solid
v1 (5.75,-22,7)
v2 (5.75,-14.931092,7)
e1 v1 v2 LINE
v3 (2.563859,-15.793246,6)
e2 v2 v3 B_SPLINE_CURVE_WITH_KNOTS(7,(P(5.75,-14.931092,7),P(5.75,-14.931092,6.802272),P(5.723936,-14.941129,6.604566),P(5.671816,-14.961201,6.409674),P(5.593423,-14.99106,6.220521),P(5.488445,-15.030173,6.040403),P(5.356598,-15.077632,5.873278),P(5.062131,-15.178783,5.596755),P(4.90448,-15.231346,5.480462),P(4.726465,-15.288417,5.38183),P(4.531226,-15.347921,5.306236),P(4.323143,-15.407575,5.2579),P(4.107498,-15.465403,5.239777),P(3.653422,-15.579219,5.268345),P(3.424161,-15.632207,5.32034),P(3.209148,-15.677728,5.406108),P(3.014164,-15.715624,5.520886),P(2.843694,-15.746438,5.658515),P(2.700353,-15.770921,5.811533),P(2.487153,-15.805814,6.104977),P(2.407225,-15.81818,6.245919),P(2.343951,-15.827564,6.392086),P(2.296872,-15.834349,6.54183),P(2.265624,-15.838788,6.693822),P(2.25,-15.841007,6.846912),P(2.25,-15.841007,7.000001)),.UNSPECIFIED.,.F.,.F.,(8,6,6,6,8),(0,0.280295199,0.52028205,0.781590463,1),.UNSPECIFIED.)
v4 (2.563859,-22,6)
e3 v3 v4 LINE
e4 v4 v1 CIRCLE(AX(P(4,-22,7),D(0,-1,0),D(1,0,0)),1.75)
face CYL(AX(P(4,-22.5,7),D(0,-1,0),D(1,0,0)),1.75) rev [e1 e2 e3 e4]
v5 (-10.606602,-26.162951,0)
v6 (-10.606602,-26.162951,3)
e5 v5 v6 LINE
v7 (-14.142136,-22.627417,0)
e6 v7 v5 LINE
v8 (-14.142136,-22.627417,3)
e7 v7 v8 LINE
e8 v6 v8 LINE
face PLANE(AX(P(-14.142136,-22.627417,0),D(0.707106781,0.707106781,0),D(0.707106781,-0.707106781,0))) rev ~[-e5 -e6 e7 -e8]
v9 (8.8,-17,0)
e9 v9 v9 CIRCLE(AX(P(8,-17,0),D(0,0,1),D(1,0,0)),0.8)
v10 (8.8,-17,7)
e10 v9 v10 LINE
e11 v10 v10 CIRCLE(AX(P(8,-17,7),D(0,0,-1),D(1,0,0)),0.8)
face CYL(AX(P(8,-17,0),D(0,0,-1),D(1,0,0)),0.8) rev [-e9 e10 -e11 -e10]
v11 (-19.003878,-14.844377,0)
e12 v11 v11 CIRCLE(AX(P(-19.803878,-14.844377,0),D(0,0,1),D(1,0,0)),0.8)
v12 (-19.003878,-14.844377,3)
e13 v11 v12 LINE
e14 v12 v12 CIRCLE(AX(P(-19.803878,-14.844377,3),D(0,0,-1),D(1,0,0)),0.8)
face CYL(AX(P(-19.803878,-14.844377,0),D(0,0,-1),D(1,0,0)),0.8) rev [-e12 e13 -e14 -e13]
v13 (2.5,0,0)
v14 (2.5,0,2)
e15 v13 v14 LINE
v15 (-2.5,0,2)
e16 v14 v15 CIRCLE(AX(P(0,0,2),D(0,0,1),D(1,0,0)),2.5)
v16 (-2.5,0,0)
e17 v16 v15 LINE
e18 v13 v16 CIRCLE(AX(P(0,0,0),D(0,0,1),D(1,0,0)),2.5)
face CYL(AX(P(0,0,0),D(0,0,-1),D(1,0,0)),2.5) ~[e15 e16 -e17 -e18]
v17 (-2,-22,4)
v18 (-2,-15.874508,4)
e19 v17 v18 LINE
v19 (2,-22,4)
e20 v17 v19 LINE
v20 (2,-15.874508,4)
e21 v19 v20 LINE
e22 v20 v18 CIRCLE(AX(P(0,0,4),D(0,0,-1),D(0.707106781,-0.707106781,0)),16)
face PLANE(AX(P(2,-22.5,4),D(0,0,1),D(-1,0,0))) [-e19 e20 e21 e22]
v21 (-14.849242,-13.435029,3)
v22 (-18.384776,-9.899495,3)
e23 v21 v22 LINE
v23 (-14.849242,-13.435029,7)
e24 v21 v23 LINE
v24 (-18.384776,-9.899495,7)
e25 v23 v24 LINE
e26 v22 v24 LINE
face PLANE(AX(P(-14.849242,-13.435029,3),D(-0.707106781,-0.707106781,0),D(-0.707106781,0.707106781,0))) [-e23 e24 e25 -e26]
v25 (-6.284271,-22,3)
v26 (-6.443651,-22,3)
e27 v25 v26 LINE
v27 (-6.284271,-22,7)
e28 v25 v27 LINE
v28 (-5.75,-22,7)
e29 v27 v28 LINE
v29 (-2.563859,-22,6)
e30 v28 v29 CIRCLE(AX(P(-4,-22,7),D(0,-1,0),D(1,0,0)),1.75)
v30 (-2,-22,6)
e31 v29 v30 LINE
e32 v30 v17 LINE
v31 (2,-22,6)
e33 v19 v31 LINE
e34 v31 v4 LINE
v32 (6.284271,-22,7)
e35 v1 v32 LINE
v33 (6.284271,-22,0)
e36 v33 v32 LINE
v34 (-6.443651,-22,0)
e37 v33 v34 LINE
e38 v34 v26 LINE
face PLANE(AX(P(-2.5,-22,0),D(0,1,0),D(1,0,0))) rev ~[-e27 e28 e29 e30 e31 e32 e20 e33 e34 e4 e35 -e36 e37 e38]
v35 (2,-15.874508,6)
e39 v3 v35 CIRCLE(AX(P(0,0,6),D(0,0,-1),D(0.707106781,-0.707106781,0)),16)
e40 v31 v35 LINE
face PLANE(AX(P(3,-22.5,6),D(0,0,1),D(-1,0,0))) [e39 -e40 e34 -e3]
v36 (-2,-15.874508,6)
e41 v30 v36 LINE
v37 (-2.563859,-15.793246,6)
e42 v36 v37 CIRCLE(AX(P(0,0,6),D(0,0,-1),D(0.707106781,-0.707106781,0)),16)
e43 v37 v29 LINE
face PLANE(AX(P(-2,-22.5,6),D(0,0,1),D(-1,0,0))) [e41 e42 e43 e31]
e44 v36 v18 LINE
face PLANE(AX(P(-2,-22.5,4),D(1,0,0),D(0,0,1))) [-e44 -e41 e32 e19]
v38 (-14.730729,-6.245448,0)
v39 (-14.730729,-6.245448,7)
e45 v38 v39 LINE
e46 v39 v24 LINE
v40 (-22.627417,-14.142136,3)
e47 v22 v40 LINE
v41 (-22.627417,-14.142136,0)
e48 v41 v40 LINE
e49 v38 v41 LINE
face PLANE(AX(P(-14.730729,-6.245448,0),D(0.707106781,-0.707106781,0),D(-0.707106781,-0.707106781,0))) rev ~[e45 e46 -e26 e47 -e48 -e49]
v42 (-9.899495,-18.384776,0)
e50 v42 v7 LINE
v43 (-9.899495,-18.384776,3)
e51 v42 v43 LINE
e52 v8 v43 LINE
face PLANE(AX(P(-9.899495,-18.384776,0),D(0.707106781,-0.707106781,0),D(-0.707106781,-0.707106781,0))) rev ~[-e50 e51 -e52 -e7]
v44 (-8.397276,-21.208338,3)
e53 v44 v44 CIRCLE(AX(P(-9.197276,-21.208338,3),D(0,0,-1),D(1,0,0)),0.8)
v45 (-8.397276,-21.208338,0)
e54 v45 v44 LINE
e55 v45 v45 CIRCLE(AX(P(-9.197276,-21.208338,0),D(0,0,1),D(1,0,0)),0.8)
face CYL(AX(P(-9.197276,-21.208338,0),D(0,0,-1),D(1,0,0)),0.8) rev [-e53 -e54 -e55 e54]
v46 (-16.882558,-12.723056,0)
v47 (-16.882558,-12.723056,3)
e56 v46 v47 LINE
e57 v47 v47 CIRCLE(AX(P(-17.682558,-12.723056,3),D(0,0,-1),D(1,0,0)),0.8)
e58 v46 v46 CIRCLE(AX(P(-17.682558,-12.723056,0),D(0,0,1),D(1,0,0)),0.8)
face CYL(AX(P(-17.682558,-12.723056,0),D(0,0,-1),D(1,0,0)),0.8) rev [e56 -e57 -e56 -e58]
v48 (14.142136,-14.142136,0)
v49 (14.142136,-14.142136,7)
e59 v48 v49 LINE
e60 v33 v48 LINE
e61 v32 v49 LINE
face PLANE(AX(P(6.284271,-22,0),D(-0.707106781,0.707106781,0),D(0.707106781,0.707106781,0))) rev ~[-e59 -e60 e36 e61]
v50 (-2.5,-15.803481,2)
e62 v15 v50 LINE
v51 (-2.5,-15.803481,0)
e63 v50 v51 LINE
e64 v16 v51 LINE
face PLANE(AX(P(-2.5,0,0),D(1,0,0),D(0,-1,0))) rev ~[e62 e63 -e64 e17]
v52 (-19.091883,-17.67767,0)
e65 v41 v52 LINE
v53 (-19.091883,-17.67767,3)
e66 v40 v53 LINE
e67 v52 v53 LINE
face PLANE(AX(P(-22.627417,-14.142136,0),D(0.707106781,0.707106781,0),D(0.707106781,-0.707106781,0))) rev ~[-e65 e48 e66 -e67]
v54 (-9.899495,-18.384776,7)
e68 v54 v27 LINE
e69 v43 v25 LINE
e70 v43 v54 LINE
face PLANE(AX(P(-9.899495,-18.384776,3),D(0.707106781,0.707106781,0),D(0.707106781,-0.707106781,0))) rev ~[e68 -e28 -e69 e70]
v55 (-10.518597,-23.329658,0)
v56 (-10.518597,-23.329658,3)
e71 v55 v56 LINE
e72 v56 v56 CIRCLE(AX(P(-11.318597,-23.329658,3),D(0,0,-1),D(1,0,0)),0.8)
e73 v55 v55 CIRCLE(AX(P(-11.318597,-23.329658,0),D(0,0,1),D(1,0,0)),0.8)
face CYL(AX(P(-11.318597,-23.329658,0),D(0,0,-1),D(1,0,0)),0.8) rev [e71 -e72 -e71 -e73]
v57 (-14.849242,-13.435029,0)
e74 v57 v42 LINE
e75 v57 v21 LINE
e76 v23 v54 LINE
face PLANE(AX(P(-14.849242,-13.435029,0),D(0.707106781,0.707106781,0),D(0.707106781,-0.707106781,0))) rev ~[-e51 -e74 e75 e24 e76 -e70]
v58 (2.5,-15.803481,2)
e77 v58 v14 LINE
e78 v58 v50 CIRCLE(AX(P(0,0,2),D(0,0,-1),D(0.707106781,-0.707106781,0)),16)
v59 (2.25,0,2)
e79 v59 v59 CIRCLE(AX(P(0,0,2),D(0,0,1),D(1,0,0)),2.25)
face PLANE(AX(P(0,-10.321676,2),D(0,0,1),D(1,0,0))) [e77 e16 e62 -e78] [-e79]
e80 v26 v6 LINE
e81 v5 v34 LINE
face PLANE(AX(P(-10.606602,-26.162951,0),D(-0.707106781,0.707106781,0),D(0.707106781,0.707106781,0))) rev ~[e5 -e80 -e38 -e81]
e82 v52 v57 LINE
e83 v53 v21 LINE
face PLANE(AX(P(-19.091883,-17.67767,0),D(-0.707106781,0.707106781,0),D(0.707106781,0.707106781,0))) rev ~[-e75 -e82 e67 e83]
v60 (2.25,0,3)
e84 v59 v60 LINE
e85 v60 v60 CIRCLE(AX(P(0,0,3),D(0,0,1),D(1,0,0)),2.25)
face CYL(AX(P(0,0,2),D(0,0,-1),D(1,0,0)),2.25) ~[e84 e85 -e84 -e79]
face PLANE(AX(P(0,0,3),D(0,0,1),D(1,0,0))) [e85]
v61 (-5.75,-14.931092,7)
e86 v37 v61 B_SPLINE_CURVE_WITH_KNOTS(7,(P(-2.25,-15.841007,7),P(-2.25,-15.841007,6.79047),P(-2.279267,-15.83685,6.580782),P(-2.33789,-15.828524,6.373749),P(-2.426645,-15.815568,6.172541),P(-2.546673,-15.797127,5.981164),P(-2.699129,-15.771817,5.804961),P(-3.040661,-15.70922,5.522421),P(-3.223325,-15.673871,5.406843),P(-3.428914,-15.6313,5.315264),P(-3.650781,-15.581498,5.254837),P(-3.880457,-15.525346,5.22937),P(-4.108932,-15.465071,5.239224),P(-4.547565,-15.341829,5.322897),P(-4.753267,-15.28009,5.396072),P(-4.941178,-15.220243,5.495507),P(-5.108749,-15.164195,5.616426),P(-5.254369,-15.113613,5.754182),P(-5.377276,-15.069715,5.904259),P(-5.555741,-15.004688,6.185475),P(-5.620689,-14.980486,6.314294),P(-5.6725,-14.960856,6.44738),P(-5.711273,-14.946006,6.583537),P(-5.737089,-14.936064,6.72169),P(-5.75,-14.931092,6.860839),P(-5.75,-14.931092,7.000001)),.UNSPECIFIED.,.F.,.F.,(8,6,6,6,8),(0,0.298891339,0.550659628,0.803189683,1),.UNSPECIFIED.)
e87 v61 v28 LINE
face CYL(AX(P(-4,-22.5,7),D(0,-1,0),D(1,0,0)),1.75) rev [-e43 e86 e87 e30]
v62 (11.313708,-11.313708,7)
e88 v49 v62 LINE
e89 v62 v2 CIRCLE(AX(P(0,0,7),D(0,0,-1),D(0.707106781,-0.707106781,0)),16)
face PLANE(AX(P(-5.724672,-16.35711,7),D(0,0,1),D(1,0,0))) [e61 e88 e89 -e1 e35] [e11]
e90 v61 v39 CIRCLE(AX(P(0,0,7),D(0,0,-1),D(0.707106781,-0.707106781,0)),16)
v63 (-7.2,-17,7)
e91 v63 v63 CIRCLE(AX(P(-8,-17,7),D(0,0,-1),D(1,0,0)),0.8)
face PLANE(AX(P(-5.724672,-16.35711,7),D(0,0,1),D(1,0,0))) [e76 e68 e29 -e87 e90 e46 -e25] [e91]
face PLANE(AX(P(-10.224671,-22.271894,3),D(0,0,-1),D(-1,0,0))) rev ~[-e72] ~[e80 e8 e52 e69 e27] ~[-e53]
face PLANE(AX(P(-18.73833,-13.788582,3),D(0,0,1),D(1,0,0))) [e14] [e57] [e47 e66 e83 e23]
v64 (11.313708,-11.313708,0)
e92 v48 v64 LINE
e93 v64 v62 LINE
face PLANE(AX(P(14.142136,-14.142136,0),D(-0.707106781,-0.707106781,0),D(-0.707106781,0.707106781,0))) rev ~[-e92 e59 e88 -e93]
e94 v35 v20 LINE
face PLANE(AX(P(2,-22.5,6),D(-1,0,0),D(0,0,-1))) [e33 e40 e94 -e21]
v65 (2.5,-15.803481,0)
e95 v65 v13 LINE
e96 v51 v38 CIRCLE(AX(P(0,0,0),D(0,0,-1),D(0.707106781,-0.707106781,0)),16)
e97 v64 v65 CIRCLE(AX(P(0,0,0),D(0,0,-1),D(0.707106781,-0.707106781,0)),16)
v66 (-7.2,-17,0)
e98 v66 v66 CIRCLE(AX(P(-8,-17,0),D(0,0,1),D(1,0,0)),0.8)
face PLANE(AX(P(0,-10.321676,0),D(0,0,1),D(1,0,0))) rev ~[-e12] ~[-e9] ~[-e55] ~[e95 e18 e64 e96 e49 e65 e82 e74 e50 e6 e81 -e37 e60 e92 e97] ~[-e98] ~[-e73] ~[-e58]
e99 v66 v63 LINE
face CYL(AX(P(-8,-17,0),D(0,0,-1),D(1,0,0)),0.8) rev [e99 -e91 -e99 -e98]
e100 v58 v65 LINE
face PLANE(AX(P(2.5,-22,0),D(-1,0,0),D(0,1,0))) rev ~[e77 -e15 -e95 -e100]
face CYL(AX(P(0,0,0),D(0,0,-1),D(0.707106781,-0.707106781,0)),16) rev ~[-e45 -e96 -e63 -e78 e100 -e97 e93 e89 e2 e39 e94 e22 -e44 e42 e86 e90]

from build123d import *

# Parameters (mm, degrees)
BOSS_EXTRUDE1_DEPTH = 7
BOSS_EXTRUDE2_DEPTH = 2
BOSS_EXTRUDE3_START = 2
SKETCH3_R           = 2.25
BOSS_EXTRUDE3_DEPTH = 1
CABLE_START         = -22.5
SKETCH6_R           = 1.75
CABLE_TUBES_DEPTH   = 20
WIRE_START          = -22.5
WIRE_CANALS_DEPTH   = 8
SKETCH4_R           = 0.8
SCREW_HOLES_DEPTH   = 8.0000001
CUT_EXTRUDE2_START  = 3
CUT_EXTRUDE2_DEPTH  = 4


with BuildPart() as part:
    # Sketch1 → Boss-Extrude1 (new body)
    with BuildSketch(Plane.XY):
        with BuildLine():
            Line((14.142135624, -14.142135624), (11.313708499, -11.313708499))
            ThreePointArc((11.313708499, -11.313708499), (-3.056276198, -15.70538684), (-14.730729168, -6.245447796))
            Line((-14.730729168, -6.245447796), (-22.627416999, -14.142135627))
            Line((-22.627416999, -14.142135627), (-19.091883095, -17.677669532))
            Line((-19.091883095, -17.677669532), (-14.849242408, -13.435028845))
            Line((-14.849242408, -13.435028845), (-9.899494939, -18.384776313))
            Line((-9.899494939, -18.384776313), (-14.142135626, -22.627417))
            Line((-14.142135626, -22.627417), (-10.60660172, -26.162950906))
            Line((-10.60660172, -26.162950906), (-6.443650814, -22))
            Line((-6.443650814, -22), (6.284271247, -22))
            Line((6.284271247, -22), (14.142135624, -14.142135624))
        make_face()
    extrude(amount=BOSS_EXTRUDE1_DEPTH)

    # Sketch2 → Boss-Extrude2 (add)
    with BuildSketch(Plane.XY):
        with BuildLine():
            Line((-2.5, 0), (-2.5, -22))
            Line((-2.5, -22), (2.5, -22))
            Line((2.5, -22), (2.5, 0))
            ThreePointArc((2.5, 0), (0, 2.5), (-2.5, 0))
        make_face()
    extrude(amount=BOSS_EXTRUDE2_DEPTH)

    # Sketch3 → Boss-Extrude3 (add)
    with BuildSketch(Plane.XY.offset(BOSS_EXTRUDE3_START)):
        Circle(SKETCH3_R)
    extrude(amount=BOSS_EXTRUDE3_DEPTH)

    # Sketch6 → Cable Tubes (cut)
    with BuildSketch(Plane(origin=(0, 0, 0), x_dir=(1, 0, 0), z_dir=(0, 1, 0)).offset(CABLE_START)):
        with Locations((-4, -7)):
            Circle(SKETCH6_R)
        with Locations((4, -7)):
            Circle(SKETCH6_R)
    extrude(amount=CABLE_TUBES_DEPTH, mode=Mode.SUBTRACT)

    # Sketch7 → Wire Canals (cut)
    with BuildSketch(Plane(origin=(0, 0, 0), x_dir=(1, 0, 0), z_dir=(0, 1, 0)).offset(WIRE_START)):
        Polygon((-3, -7), (3, -7), (3, -6), (2, -6), (2, -4), (-2, -4), (-2, -6), (-3, -6), align=None)
    extrude(amount=WIRE_CANALS_DEPTH, mode=Mode.SUBTRACT)

    # Sketch4 → Screw Holes (cut, through all)
    with BuildSketch(Plane.XY):
        with Locations((-11.318596704, -23.329658004)):
            Circle(SKETCH4_R)
        with Locations((-17.682557735, -12.723056286)):
            Circle(SKETCH4_R)
        with Locations((8, -17)):
            Circle(SKETCH4_R)
        with Locations((-9.197276361, -21.20833766)):
            Circle(SKETCH4_R)
        with Locations((-8, -17)):
            Circle(SKETCH4_R)
        with Locations((-19.803878078, -14.84437663)):
            Circle(SKETCH4_R)
    extrude(amount=SCREW_HOLES_DEPTH, mode=Mode.SUBTRACT)

    # Sketch10 → Cut-Extrude2 (cut)
    with BuildSketch(Plane.XY.offset(CUT_EXTRUDE2_START)):
        Polygon((-19.091883095, -17.677669532), (-14.849242408, -13.435028845), (-18.384776312, -9.89949494), (-22.627416999, -14.142135627), align=None)
        Polygon((-14.142135626, -22.627417), (-9.899494939, -18.384776313), (-6.284271253, -22), (-6.443650814, -22), (-10.60660172, -26.162950906), align=None)
    extrude(amount=CUT_EXTRUDE2_DEPTH, mode=Mode.SUBTRACT)


solid = part.part
